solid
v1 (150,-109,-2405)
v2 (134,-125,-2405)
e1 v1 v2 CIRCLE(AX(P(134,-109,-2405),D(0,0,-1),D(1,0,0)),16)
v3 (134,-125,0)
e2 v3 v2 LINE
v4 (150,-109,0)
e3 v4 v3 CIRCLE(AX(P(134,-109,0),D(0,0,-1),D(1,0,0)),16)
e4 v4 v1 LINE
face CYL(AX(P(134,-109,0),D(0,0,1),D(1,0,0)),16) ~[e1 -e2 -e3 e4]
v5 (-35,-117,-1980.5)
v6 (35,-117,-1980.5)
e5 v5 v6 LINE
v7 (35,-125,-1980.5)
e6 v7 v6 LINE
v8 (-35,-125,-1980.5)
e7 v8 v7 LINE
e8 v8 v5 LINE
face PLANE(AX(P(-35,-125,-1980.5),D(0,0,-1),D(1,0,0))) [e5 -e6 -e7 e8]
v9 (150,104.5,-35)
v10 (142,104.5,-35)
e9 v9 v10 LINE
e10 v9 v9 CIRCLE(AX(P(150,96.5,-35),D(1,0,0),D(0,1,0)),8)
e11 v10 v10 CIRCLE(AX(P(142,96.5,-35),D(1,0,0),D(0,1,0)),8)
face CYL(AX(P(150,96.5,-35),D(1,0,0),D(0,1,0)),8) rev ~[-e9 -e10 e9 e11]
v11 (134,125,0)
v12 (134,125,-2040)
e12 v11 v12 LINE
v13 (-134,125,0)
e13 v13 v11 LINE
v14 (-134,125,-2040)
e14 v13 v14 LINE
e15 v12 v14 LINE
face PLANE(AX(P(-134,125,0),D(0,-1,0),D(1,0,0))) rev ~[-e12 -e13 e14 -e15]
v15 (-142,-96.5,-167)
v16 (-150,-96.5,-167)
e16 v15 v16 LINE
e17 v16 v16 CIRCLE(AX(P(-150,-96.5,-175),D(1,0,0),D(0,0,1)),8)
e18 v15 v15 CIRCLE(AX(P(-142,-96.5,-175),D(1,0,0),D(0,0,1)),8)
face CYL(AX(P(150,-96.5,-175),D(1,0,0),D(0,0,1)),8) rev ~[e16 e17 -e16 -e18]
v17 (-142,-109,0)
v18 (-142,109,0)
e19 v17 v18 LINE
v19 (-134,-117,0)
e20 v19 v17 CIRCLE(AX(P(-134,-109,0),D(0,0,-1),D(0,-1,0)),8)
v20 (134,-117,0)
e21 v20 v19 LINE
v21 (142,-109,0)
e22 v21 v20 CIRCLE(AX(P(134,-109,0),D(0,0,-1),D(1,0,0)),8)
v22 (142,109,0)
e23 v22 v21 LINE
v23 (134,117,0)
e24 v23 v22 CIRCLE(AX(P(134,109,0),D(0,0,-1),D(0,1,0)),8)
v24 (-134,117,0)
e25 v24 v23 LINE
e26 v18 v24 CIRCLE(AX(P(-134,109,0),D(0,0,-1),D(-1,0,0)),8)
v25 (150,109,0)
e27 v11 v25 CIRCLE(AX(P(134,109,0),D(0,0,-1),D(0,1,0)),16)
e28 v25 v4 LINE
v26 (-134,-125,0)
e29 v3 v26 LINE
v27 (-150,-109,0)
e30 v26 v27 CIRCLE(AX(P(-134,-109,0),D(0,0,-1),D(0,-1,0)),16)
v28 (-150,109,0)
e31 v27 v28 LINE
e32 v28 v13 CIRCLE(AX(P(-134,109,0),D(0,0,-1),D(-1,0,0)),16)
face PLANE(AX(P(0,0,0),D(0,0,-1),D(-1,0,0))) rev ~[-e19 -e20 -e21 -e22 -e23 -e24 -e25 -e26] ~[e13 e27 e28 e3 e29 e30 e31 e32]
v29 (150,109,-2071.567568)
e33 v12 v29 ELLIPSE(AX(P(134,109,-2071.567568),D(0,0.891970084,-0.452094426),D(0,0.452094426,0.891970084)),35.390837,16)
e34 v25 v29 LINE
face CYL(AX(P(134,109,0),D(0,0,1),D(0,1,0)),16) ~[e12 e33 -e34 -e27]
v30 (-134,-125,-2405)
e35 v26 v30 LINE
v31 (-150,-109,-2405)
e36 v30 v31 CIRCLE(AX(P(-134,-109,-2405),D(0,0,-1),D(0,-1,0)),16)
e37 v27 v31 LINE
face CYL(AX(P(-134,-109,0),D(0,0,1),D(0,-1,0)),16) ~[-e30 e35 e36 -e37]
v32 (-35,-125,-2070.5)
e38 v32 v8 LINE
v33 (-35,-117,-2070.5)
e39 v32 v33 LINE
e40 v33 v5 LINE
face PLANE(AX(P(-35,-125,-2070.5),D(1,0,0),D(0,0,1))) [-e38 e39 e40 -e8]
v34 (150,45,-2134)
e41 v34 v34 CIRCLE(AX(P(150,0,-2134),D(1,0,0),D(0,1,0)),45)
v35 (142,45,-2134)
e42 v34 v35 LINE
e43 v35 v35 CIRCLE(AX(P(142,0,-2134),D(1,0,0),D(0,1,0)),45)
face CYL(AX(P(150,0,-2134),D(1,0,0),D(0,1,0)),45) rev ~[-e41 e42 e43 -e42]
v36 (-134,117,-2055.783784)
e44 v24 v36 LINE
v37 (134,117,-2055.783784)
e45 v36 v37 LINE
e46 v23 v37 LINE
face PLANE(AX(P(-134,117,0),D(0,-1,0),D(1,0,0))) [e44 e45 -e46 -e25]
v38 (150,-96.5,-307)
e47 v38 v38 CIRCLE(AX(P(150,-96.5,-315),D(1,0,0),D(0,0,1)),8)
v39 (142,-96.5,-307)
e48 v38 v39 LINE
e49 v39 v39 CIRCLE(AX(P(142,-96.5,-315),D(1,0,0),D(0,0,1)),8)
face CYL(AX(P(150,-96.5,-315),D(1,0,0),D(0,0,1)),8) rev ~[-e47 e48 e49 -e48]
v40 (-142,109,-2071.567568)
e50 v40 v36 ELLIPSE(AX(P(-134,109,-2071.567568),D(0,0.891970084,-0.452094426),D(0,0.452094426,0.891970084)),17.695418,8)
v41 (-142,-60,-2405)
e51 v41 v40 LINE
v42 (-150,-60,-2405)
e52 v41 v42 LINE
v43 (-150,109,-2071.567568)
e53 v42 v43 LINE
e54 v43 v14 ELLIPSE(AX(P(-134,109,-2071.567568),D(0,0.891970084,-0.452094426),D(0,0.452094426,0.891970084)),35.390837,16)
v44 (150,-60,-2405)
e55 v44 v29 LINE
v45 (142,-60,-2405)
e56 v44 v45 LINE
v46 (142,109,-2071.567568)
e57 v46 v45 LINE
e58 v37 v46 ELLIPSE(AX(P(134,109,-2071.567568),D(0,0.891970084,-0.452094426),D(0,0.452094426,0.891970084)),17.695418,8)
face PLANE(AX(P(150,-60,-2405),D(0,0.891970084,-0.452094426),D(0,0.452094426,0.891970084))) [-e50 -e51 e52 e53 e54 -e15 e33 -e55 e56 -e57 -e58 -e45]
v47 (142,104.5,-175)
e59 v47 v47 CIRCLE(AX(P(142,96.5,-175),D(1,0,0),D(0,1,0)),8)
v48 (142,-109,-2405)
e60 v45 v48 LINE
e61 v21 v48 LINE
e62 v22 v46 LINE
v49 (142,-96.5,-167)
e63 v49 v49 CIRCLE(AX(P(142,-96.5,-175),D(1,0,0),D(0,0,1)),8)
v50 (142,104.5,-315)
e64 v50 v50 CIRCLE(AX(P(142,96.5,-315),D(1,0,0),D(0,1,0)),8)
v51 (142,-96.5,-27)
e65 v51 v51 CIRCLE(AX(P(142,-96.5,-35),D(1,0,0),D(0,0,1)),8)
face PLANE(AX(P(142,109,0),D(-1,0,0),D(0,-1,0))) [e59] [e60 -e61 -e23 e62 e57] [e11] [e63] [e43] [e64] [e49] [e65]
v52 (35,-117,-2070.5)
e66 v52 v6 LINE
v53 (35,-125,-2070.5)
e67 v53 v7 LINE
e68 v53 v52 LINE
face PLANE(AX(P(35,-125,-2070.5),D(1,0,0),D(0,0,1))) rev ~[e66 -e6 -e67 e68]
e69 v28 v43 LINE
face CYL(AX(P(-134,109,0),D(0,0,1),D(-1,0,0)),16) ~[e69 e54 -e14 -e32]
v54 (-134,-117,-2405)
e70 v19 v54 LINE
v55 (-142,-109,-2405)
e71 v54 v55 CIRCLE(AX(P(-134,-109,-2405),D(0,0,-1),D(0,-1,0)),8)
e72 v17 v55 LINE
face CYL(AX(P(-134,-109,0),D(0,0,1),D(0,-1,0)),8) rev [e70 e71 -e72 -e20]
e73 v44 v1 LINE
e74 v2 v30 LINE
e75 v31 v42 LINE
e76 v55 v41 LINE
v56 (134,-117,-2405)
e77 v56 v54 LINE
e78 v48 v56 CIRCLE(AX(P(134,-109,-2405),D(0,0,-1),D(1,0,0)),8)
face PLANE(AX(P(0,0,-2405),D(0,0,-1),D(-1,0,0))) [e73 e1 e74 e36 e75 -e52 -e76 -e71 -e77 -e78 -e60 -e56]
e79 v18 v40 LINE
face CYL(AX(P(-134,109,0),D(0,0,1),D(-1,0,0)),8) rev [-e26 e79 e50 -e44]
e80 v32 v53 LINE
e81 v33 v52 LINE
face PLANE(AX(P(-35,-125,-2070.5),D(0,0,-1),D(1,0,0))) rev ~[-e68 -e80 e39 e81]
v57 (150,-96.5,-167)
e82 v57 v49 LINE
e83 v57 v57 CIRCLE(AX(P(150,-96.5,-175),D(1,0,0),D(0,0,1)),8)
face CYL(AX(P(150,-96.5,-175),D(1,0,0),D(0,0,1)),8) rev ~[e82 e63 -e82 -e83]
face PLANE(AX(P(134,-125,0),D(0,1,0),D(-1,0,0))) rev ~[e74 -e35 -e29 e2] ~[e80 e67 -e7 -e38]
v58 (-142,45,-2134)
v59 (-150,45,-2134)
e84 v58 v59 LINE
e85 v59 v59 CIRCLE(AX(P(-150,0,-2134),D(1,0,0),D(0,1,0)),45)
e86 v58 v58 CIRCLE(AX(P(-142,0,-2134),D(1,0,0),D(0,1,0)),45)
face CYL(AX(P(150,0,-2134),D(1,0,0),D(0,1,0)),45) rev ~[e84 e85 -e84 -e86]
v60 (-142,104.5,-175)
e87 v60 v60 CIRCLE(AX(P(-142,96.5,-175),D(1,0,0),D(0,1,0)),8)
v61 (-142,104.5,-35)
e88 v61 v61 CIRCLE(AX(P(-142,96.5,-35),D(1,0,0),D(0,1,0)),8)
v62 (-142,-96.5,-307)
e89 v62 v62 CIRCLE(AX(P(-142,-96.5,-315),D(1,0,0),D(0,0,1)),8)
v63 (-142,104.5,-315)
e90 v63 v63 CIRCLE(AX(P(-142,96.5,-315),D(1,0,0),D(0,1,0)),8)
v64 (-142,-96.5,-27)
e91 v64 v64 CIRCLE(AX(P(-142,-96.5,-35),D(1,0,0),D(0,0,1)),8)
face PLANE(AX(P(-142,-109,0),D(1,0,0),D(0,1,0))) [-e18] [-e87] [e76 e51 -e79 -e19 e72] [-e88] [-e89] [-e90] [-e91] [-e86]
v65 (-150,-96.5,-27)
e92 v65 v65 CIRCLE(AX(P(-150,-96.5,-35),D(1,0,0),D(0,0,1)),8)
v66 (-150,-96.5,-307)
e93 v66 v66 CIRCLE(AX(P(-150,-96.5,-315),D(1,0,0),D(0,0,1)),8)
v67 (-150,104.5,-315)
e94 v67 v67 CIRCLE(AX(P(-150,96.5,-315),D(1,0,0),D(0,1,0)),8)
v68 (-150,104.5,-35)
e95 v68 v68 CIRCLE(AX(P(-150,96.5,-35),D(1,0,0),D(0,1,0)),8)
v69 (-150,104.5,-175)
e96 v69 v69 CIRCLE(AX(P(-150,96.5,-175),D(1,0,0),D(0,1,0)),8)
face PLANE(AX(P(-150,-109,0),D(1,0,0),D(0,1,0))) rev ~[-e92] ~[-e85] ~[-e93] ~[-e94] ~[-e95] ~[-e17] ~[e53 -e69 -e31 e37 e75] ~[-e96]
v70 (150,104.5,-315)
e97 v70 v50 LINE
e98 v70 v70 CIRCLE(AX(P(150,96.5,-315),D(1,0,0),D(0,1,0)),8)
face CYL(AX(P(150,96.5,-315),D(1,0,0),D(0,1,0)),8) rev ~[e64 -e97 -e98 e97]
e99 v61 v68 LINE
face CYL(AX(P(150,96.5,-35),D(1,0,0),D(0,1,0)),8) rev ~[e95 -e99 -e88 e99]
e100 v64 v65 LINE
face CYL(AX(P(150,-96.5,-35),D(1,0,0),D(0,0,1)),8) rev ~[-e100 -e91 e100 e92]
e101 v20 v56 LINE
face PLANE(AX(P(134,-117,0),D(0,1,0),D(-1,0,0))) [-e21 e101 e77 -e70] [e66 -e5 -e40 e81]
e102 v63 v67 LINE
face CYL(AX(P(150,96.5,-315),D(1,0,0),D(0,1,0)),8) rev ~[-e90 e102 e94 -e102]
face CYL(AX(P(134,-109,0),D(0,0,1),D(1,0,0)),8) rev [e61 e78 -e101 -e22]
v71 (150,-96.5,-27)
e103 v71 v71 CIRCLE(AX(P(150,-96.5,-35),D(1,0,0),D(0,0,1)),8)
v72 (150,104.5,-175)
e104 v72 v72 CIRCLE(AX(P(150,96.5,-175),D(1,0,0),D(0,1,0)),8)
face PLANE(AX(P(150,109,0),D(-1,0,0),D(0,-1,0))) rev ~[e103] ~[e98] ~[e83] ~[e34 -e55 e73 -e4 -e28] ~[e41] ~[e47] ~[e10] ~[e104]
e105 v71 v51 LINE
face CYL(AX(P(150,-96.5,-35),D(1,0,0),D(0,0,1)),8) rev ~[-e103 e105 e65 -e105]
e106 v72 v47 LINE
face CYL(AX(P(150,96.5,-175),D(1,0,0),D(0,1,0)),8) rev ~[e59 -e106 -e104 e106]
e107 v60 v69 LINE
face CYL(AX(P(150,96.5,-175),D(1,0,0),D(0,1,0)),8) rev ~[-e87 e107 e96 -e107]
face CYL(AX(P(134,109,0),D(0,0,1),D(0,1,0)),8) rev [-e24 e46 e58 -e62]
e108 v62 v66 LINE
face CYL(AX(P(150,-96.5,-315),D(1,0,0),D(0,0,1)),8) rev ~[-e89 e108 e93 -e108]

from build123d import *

# Parameters (mm, degrees)
EXTRUDE_1_DEPTH     = 2405
SKETCH_2_R          = 8
SKETCH_2_R_2        = 45
CUT_EXTRUDE_1_DEPTH = 2427.860111337
CUT_EXTRUDE_2_REACH = 2424.607
SKETCH_3_W          = 70
SKETCH_3_H          = 90


with BuildPart() as part:
    # 草图1 → 凸台-拉伸1 (new body)
    with BuildSketch(Plane.XY):
        with BuildLine():
            Line((-134, 125), (134, 125))
            ThreePointArc((134, 125), (145.313708499, 120.313708499), (150, 109))
            Line((150, 109), (150, -109))
            ThreePointArc((150, -109), (145.313708499, -120.313708499), (134, -125))
            Line((134, -125), (-134, -125))
            ThreePointArc((-134, -125), (-145.313708499, -120.313708499), (-150, -109))
            Line((-150, -109), (-150, 109))
            ThreePointArc((-150, 109), (-145.313708499, 120.313708499), (-134, 125))
        make_face()
        with BuildLine():
            Line((-134, 117), (134, 117))
            ThreePointArc((134, 117), (139.656854249, 114.656854249), (142, 109))
            Line((142, 109), (142, -109))
            ThreePointArc((142, -109), (139.656854249, -114.656854249), (134, -117))
            Line((134, -117), (-134, -117))
            ThreePointArc((-134, -117), (-139.656854249, -114.656854249), (-142, -109))
            Line((-142, -109), (-142, 109))
            ThreePointArc((-142, 109), (-139.656854249, 114.656854249), (-134, 117))
        make_face(mode=Mode.SUBTRACT)
    extrude(amount=-EXTRUDE_1_DEPTH)

    # 草图2 → 切除-拉伸1 (cut, through all)
    with BuildSketch(Plane(origin=(150, 0, 0), x_dir=(0, 0, -1), z_dir=(1, 0, 0))):
        with Locations(Location((35, 96.5, 0), (0, 0, 90))):
            Circle(SKETCH_2_R)
        with Locations(Location((175, 96.5, 0), (0, 0, 90))):
            Circle(SKETCH_2_R)
        with Locations(Location((315, 96.5, 0), (0, 0, 90))):
            Circle(SKETCH_2_R)
        with Locations(Location((2134, 0, 0), (0, 0, 90))):
            Circle(SKETCH_2_R_2)
        with Locations(Location((315, -96.5, 0), (0, 0, 180))):
            Circle(SKETCH_2_R)
        with Locations(Location((175, -96.5, 0), (0, 0, 180))):
            Circle(SKETCH_2_R)
        with Locations(Location((35, -96.5, 0), (0, 0, 180))):
            Circle(SKETCH_2_R)
        Polygon((2405, -60), (2040, 125), (2405, 125), align=None)
    extrude(amount=-CUT_EXTRUDE_1_DEPTH, mode=Mode.SUBTRACT)

    # 草图3 → 切除-拉伸2 (cut, up to next)
    with BuildSketch(Plane.XZ.offset(125), mode=Mode.PRIVATE) as cut_extrude_2_sk1:
        with Locations((0, -2025.5)):
            Rectangle(SKETCH_3_W, SKETCH_3_H)
    cut_extrude_2_tool1 = extrude(cut_extrude_2_sk1.sketch, amount=-CUT_EXTRUDE_2_REACH, mode=Mode.PRIVATE) & part.part
    add(cut_extrude_2_tool1.solids().sort_by_distance((0, -125, -2025.5))[0], mode=Mode.SUBTRACT)


solid = part.part
